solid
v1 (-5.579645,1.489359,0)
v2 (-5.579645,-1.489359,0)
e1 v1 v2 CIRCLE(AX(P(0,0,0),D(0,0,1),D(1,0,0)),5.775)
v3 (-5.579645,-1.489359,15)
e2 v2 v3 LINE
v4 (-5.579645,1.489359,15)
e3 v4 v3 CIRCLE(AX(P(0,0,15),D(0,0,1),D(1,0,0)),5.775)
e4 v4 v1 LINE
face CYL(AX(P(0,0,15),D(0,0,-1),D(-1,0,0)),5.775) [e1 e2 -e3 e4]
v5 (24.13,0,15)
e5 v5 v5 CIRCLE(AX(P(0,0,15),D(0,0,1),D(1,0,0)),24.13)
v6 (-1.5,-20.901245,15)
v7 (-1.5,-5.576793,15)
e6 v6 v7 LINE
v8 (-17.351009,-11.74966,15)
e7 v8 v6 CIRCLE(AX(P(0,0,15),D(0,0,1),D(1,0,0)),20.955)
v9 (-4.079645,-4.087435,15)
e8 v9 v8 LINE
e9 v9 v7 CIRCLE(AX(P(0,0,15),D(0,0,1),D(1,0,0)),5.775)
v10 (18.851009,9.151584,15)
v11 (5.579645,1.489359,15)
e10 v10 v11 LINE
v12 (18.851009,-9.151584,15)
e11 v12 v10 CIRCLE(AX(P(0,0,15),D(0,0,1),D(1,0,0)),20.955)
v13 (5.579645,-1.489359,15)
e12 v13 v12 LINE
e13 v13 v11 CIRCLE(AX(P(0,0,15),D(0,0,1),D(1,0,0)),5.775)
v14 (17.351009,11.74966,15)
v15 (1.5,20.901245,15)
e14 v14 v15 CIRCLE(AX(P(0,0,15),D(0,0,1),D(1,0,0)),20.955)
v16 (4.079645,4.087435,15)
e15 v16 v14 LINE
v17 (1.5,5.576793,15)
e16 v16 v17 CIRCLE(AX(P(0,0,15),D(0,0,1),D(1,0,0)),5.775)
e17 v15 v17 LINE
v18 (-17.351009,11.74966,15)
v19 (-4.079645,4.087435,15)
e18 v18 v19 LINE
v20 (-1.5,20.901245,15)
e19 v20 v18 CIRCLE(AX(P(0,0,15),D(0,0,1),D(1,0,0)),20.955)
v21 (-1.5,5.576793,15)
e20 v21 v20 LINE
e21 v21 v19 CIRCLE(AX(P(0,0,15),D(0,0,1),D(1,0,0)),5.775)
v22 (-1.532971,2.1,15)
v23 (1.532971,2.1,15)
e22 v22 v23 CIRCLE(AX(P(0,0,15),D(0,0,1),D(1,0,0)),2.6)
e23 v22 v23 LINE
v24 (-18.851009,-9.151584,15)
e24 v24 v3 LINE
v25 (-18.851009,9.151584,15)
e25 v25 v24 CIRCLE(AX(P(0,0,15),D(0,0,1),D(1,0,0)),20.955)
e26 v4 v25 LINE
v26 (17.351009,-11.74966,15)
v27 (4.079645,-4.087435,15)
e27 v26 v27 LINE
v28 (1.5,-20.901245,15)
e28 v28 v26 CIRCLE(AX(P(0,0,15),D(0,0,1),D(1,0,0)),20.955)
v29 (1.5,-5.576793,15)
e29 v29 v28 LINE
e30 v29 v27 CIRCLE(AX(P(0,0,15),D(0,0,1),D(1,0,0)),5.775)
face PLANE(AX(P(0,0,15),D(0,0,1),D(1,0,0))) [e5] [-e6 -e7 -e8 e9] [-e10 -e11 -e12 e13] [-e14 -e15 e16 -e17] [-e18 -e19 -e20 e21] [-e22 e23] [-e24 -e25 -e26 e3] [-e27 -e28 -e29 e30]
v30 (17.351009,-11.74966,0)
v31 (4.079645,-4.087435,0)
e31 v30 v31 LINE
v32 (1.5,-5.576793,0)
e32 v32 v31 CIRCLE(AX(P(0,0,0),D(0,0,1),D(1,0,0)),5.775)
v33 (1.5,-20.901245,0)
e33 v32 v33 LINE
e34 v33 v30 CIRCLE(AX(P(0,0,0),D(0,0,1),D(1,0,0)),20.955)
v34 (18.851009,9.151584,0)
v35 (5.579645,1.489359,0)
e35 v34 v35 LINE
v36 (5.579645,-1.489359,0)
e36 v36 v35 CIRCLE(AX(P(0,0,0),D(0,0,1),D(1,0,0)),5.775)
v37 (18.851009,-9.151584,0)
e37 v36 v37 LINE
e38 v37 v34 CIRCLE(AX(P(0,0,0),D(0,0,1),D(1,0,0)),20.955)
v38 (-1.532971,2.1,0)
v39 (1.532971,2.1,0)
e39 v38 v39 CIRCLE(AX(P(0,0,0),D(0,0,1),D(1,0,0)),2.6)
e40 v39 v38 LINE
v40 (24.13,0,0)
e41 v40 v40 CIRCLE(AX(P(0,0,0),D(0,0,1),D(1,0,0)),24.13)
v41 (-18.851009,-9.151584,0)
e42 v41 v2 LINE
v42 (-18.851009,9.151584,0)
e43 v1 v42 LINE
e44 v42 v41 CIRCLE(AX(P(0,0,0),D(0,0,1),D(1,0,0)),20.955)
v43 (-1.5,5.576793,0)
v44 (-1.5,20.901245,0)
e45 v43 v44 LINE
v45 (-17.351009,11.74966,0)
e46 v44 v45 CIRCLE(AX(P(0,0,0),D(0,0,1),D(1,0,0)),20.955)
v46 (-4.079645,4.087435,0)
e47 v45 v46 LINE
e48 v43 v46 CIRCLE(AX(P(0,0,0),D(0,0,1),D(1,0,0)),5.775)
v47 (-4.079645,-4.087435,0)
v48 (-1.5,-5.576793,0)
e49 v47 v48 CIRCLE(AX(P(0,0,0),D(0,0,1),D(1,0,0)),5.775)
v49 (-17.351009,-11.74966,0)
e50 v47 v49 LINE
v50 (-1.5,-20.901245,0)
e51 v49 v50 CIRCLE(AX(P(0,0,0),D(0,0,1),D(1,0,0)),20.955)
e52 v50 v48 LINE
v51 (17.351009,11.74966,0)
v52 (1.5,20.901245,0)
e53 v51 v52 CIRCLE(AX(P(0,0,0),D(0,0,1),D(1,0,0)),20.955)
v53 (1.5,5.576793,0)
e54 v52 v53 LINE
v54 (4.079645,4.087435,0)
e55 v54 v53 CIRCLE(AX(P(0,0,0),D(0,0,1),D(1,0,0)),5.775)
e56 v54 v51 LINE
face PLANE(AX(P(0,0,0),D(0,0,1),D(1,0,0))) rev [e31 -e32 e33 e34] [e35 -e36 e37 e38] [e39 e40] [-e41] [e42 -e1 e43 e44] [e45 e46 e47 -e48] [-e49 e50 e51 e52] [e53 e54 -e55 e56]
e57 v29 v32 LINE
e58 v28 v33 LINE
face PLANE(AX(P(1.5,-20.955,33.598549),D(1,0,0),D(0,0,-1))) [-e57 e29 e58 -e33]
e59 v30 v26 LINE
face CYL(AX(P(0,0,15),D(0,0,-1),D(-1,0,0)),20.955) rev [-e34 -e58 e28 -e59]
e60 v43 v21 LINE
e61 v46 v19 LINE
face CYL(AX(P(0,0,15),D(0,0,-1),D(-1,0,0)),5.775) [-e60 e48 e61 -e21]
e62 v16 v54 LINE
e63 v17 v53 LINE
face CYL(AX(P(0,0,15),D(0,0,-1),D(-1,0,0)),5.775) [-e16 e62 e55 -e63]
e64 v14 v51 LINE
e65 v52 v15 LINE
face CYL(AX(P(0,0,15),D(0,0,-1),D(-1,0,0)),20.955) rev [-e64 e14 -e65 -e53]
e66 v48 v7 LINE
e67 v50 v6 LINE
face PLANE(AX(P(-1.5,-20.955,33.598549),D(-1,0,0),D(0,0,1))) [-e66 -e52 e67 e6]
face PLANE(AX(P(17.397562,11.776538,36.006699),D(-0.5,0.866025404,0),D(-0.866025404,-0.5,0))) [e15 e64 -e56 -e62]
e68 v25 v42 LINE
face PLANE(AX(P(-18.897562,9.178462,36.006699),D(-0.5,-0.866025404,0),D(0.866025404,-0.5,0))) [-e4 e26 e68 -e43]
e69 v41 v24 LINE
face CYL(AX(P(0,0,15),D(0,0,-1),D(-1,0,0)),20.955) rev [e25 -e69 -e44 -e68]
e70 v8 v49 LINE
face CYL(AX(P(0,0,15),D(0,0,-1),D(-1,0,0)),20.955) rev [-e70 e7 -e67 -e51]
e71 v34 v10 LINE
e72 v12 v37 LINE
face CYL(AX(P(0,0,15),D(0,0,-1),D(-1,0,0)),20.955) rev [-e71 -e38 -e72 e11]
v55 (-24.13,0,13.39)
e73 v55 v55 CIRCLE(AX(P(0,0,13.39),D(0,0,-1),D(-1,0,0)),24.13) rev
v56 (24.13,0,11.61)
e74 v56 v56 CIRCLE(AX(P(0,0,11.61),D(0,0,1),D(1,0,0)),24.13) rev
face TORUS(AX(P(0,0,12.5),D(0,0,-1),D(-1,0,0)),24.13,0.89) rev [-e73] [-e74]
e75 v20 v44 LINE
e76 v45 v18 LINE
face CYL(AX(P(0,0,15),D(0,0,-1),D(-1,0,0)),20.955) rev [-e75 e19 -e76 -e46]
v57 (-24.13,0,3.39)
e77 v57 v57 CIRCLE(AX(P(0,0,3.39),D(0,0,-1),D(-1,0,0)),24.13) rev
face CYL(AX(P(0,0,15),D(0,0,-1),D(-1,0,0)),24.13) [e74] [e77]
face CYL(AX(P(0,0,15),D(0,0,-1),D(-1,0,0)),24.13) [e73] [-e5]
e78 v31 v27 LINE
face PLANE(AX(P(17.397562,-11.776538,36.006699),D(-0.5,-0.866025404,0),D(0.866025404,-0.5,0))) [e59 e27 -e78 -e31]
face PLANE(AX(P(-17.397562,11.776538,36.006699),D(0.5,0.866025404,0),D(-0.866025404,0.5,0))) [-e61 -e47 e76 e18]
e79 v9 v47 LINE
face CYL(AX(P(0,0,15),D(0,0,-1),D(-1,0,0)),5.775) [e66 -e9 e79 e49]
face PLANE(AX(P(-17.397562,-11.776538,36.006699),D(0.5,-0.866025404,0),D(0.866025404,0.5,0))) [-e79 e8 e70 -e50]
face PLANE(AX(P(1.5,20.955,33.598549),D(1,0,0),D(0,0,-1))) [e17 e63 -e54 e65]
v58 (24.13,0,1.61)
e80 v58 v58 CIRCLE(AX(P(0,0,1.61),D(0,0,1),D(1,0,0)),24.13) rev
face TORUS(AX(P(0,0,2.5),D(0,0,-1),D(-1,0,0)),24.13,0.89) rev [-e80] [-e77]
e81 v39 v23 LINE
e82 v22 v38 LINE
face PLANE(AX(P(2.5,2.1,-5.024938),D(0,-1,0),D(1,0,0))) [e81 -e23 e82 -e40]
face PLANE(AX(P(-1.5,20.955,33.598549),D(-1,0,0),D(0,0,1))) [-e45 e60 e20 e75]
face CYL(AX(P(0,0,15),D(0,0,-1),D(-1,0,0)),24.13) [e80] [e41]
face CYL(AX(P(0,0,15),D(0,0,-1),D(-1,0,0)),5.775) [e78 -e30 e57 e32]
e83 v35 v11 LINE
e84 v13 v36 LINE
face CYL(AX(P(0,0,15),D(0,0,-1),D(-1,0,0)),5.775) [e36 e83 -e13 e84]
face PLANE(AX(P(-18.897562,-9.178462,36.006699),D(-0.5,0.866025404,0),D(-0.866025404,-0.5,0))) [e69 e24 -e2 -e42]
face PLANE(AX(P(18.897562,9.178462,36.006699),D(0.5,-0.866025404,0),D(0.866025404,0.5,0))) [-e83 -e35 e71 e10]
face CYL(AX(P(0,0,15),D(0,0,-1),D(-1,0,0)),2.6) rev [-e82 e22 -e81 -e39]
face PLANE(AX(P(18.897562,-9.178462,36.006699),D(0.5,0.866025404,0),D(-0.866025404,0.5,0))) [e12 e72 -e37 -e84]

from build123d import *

# Parameters (mm, degrees)
SKETCH1_R             = 24.13
SKETCH1_R_2           = 20.955
BOSS_EXTRUDE1_DEPTH   = 15
SKETCH1_R_3           = 5.775
SKETCH1_R_4           = 2.6
BOSS_EXTRUDE1_2_DEPTH = 15
SKETCH3_W             = 3
SKETCH3_H             = 18.355
BOSS_EXTRUDE3_DEPTH   = 15
CIRPATTERN1_COUNT     = 6
SKETCH4_R             = 0.89
SKETCH5_W             = 5
SKETCH5_H             = 0.5
BOSS_EXTRUDE4_DEPTH   = 15


with BuildPart() as part:
    # Sketch1 → Boss-Extrude1 (new body)
    with BuildSketch(Plane.XY):
        Circle(SKETCH1_R)
        Circle(SKETCH1_R_2, mode=Mode.SUBTRACT)
    extrude(amount=BOSS_EXTRUDE1_DEPTH)



with BuildPart() as body_2:
    # Sketch1 → Boss-Extrude1 2 (new body)
    with BuildSketch(Plane.XY):
        Circle(SKETCH1_R_3)
        Circle(SKETCH1_R_4, mode=Mode.SUBTRACT)
    extrude(amount=BOSS_EXTRUDE1_2_DEPTH)


with BuildPart() as part_1:
    add(part.part)

    add(body_2.part)  # Boss-Extrude3 merges body 2
    # Sketch3 → Boss-Extrude3 (add)
    with BuildSketch(Plane(origin=(0, 0, 0), x_dir=(-1, 0, 0), z_dir=(0, 0, -1))):
        with Locations((0, 11.7775)):
            Rectangle(SKETCH3_W, SKETCH3_H)
    boss_extrude3 = extrude(amount=-BOSS_EXTRUDE3_DEPTH)

    # CirPattern1: Boss-Extrude3 ×6 about axis
    cirpattern1_axis = Axis((0, 0, 0), (0, 0, 1))
    for i in range(1, CIRPATTERN1_COUNT):
        add(boss_extrude3.rotate(cirpattern1_axis, i * 360 / CIRPATTERN1_COUNT))

    # Sketch4 → Cut-Revolve1 (revolve, cut)
    with BuildSketch(Plane(origin=(0, 0, 0), x_dir=(0, 0, -1), z_dir=(1, 0, 0)), mode=Mode.PRIVATE) as cut_revolve1_sk:
        with Locations((-12.5, 24.13)):
            Circle(SKETCH4_R)
        with Locations((-2.5, 24.13)):
            Circle(SKETCH4_R)
    revolve(cut_revolve1_sk.sketch.rotate(Axis((0, 0, 0), (0, 0, 1)), 90), axis=Axis((0, 0, 0), (0, 0, 1)), mode=Mode.SUBTRACT)

    # Sketch5 → Boss-Extrude4 (add)
    with BuildSketch(Plane.XY.offset(15)):
        with Locations((0, 2.35)):
            Rectangle(SKETCH5_W, SKETCH5_H)
    extrude(amount=-BOSS_EXTRUDE4_DEPTH)


solid = part_1.part
